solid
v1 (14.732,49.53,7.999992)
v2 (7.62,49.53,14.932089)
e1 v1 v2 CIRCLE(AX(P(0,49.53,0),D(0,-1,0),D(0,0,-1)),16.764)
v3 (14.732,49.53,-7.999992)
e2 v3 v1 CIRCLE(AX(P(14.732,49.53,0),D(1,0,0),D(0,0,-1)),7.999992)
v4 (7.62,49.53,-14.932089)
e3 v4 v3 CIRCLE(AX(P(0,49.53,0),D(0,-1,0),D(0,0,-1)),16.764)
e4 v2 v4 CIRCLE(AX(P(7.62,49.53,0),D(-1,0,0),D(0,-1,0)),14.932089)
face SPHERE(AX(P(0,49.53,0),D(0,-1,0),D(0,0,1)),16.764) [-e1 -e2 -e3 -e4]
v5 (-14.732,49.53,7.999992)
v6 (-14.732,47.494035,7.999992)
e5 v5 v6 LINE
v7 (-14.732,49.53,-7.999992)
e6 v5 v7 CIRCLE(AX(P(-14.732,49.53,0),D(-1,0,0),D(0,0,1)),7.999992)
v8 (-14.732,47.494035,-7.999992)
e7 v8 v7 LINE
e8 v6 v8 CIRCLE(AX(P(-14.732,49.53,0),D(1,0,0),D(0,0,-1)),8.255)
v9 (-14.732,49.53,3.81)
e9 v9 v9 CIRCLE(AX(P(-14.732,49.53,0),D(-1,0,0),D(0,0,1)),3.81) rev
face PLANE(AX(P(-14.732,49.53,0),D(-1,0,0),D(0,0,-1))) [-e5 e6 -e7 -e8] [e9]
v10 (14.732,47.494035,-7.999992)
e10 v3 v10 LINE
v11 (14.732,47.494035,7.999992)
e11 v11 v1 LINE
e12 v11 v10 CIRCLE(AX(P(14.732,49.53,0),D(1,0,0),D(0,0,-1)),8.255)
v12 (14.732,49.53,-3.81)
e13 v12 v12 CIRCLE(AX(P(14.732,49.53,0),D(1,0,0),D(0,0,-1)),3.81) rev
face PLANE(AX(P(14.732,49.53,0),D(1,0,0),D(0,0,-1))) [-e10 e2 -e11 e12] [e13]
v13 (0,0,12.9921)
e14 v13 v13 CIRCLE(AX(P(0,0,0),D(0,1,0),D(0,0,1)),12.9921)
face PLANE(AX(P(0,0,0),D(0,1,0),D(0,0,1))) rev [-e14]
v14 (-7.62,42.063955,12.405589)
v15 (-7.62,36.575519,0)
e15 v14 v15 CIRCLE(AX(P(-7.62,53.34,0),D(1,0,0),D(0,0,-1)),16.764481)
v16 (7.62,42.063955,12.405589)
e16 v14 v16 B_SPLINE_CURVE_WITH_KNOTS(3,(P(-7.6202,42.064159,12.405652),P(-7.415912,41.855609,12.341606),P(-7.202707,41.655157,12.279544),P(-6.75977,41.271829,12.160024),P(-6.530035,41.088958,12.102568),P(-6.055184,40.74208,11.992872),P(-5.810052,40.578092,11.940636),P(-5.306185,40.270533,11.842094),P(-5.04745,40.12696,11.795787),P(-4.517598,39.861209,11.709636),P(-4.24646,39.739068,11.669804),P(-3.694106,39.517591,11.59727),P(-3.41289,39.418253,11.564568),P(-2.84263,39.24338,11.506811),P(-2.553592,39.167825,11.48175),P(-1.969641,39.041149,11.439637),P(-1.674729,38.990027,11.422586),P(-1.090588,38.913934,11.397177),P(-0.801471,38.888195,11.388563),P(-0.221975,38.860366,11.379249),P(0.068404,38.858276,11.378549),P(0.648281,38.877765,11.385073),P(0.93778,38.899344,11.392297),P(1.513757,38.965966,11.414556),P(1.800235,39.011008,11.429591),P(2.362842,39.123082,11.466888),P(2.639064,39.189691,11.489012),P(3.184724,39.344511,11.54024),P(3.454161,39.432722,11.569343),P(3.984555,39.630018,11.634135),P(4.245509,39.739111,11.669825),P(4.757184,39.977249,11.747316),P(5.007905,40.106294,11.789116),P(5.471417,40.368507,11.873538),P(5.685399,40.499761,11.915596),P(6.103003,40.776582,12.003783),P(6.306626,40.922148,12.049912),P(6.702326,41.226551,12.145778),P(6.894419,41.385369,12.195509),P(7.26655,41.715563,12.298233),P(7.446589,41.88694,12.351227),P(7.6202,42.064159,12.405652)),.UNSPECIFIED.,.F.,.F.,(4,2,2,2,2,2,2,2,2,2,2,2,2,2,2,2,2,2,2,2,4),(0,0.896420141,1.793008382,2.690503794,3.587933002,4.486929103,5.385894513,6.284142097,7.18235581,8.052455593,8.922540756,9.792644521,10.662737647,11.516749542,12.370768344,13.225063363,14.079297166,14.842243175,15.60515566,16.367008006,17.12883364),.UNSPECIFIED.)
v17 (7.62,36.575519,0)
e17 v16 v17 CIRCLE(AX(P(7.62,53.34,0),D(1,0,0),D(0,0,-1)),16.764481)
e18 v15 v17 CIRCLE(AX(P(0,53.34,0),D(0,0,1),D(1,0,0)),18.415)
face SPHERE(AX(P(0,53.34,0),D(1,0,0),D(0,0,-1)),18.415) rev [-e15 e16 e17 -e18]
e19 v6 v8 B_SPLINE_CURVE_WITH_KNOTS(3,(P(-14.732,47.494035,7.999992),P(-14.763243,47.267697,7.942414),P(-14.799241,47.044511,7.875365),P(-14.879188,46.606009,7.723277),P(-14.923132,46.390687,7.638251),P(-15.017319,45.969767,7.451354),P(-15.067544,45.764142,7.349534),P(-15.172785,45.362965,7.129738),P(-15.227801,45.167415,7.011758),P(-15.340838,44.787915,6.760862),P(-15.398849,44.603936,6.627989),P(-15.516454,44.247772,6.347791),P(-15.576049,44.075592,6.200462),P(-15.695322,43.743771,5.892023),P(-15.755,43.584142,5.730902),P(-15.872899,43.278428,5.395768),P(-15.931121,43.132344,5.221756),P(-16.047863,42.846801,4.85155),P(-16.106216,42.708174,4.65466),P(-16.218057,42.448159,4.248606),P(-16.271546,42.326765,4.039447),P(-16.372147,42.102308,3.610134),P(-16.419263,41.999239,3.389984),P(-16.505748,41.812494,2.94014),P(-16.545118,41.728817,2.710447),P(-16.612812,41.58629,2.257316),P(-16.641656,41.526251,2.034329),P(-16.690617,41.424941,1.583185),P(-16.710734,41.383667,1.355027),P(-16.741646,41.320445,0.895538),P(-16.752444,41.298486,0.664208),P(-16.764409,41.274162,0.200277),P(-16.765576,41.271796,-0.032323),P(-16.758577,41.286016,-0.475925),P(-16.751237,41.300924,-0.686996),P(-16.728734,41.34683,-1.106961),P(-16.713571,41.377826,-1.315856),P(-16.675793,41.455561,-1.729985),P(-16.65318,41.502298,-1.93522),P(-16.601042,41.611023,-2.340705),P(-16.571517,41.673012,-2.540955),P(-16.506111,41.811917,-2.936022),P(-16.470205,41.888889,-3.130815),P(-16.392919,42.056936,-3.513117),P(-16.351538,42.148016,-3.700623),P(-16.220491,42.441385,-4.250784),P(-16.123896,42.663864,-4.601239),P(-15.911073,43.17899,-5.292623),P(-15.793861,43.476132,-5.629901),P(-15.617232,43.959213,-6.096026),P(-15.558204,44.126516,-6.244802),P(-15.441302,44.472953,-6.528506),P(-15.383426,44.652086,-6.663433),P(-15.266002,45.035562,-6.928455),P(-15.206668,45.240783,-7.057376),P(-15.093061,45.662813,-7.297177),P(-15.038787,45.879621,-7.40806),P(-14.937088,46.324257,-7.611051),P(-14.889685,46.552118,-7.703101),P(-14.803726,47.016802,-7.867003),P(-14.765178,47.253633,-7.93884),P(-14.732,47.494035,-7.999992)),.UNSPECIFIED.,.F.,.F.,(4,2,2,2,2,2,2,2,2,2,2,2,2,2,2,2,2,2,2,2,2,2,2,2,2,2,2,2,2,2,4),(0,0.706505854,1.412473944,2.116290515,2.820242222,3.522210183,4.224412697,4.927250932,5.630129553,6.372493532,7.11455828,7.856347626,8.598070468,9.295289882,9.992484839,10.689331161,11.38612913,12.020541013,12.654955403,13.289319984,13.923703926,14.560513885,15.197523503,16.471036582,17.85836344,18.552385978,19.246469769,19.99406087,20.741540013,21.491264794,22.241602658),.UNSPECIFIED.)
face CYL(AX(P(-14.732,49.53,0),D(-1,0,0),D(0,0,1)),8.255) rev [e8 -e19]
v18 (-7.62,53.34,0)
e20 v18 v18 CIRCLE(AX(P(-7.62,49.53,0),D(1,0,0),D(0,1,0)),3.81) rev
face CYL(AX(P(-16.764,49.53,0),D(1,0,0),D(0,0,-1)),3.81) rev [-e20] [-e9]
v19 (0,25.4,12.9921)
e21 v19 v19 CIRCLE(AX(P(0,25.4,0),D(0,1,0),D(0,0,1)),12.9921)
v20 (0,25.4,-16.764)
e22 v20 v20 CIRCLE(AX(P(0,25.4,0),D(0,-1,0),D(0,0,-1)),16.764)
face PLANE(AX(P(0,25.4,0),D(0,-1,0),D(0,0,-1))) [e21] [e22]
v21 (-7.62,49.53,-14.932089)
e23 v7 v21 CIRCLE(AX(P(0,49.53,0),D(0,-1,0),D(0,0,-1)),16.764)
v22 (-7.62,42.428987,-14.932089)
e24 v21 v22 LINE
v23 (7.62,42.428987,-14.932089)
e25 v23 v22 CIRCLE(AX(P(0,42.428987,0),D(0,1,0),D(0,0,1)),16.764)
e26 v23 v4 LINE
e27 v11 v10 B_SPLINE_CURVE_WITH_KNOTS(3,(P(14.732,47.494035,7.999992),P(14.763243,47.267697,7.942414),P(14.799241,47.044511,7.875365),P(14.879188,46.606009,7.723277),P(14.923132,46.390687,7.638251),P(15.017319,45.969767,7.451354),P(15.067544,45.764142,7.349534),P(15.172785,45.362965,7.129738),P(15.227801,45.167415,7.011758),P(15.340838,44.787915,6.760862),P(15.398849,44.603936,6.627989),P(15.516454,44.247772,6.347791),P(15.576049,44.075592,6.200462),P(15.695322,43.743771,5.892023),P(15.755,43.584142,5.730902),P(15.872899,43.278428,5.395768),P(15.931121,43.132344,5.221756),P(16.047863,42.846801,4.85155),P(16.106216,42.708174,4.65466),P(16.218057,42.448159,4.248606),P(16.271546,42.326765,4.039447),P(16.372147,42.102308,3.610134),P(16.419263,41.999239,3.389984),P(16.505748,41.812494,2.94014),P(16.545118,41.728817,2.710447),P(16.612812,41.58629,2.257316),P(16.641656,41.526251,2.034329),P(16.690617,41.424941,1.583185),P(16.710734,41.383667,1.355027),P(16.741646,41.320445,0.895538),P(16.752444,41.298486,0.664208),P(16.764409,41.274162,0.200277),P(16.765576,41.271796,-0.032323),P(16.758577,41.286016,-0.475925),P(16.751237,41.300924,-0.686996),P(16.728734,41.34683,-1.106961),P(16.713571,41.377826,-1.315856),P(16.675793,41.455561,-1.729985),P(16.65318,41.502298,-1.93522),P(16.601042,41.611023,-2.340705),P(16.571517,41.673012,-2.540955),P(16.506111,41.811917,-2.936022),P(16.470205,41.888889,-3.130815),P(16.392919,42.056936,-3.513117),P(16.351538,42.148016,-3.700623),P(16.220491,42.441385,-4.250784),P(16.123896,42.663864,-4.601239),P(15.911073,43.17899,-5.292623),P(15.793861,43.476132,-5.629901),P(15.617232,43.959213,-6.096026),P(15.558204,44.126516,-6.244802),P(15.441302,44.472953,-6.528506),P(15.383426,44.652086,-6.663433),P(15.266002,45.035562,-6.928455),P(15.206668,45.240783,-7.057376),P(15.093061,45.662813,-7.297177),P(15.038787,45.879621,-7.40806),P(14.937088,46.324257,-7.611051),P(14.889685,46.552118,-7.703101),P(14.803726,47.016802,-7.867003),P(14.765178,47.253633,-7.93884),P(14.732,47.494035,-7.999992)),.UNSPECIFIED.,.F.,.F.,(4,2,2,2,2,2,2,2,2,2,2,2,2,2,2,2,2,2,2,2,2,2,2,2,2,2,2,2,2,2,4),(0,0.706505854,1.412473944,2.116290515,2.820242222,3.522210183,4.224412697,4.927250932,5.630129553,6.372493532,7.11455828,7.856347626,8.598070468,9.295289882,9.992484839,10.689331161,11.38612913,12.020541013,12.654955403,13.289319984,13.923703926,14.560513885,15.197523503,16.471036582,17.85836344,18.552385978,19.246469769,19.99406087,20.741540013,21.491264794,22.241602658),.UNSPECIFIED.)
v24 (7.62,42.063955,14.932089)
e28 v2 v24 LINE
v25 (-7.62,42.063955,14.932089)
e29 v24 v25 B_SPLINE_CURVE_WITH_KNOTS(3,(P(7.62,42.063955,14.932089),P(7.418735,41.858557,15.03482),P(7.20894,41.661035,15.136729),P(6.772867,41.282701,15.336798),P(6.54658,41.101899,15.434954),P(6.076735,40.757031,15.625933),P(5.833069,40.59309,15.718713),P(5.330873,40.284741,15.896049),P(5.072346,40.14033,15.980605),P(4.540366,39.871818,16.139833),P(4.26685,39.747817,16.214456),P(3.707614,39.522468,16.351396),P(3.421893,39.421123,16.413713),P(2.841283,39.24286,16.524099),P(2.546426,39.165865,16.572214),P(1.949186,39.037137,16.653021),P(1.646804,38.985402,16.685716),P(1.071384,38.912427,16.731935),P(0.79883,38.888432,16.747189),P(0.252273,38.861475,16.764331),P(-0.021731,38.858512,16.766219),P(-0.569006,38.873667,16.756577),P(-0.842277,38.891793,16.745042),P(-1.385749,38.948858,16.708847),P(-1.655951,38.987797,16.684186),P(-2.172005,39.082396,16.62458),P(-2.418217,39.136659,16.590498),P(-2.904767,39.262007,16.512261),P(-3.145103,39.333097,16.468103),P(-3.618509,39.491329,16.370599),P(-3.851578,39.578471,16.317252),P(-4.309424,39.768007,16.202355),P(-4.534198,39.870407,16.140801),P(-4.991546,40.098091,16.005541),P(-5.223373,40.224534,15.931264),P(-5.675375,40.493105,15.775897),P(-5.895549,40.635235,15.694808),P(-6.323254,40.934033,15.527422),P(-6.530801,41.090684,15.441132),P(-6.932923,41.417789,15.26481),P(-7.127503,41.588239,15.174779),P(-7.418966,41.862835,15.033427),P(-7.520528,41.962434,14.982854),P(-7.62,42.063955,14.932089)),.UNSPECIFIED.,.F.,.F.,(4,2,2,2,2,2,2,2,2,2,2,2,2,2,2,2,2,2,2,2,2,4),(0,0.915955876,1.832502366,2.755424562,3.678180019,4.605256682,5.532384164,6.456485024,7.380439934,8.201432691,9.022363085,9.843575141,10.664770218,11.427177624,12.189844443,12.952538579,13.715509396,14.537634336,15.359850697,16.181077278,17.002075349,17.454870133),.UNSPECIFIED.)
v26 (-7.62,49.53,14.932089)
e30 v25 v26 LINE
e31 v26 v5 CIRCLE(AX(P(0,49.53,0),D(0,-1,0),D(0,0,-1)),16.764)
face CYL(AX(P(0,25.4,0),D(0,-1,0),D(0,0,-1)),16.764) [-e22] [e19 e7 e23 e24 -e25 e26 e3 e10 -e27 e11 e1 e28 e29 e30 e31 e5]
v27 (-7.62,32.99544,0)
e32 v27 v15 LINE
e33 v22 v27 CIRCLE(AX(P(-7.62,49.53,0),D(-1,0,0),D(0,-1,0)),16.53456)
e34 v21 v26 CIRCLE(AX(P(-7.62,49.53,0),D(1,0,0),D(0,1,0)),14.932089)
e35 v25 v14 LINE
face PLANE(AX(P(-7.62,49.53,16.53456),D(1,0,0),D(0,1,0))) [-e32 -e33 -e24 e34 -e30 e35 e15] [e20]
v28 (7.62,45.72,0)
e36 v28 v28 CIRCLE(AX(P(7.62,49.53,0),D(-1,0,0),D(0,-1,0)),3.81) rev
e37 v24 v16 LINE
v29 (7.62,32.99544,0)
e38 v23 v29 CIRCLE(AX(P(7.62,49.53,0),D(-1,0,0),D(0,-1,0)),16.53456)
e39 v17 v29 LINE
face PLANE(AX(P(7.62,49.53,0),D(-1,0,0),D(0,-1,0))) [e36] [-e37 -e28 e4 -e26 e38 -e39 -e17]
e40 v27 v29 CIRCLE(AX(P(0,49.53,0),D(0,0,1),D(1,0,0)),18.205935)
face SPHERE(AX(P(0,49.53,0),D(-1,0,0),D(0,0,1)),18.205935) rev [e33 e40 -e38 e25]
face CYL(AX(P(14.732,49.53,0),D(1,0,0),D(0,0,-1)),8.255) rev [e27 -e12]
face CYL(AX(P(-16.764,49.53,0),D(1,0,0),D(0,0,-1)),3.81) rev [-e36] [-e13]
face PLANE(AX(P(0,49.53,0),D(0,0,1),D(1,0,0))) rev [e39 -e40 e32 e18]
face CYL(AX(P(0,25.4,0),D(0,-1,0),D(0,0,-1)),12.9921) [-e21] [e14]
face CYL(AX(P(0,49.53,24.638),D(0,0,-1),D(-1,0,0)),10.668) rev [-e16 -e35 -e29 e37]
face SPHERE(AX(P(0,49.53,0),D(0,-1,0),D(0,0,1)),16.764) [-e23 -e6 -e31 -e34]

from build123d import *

# Parameters (mm, degrees)
SKETCH1_R               = 12.9921
BOSS_EXTRUDE1_DEPTH     = 25.4
CUT_EXTRUDE1_DEPTH      = 71.405666164
CUT_EXTRUDE1_DEPTH_BACK = 71.405666164
SKETCH3_R               = 3.81
CUT_REVOLVE1_ANGLE      = 270
CUT_REVOLVE2_ANGLE      = 270
SKETCH6_R               = 8.255
CUT_EXTRUDE2_DEPTH      = 2.032
CUT_EXTRUDE3_DEPTH      = 24.638


with BuildPart() as part:
    # Sketch1 → Boss-Extrude1 (new body)
    with BuildSketch(Plane(origin=(0, 0, 0), x_dir=(1, 0, 0), z_dir=(0, 1, 0))):
        with Locations(Location((0, 0, 0), (0, 0, 270))):
            Circle(SKETCH1_R)
    extrude(amount=BOSS_EXTRUDE1_DEPTH)

    # Sketch2 → Revolve1 (revolve)
    with BuildSketch(Plane(origin=(0, 0, 0), x_dir=(0, 0, -1), z_dir=(1, 0, 0))):
        with BuildLine():
            Line((-16.764, 25.4), (-16.764, 49.53))
            ThreePointArc((-16.764, 49.53), (-11.85393808, 61.38393808), (0, 66.294))
            Line((0, 66.294), (0, 25.4))
            Line((0, 25.4), (-16.764, 25.4))
        make_face()
    revolve(axis=Axis((0, 25.4, 0), (0, 1, 0)))

    # Sketch3 → Cut-Extrude1 (cut, two sides: drawn at the far end of the back side and taken through both)
    with BuildSketch(Plane(origin=(0, 0, 0), x_dir=(0, 0, -1), z_dir=(1, 0, 0)).offset(-CUT_EXTRUDE1_DEPTH_BACK)):
        with Locations((0, 49.53)):
            Circle(SKETCH3_R)
    extrude(amount=CUT_EXTRUDE1_DEPTH + CUT_EXTRUDE1_DEPTH_BACK, mode=Mode.SUBTRACT)

    # Sketch4 → Cut-Revolve1 (revolve, cut)
    with BuildSketch(Plane.XY):
        with BuildLine():
            Line((-7.62, 32.995439638), (-7.62, 49.53))
            Line((-7.62, 49.53), (7.62, 49.53))
            Line((7.62, 49.53), (7.62, 32.995439638))
            ThreePointArc((7.62, 32.995439638), (0, 31.32406453), (-7.62, 32.995439638))
        make_face()
    revolve(axis=Axis((-7.62, 49.53, 0), (1, 0, 0)), revolution_arc=CUT_REVOLVE1_ANGLE, mode=Mode.SUBTRACT)

    # Sketch5 → Cut-Revolve2 (revolve, cut)
    with BuildSketch(Plane.XY):
        with BuildLine():
            Line((7.62, 53.34), (-7.62, 53.34))
            Line((-7.62, 53.34), (-7.62, 36.575518946))
            ThreePointArc((-7.62, 36.575518946), (0, 34.925), (7.62, 36.575518946))
            Line((7.62, 36.575518946), (7.62, 53.34))
        make_face()
    revolve(axis=Axis((7.62, 53.34, 0), (-1, 0, 0)), revolution_arc=CUT_REVOLVE2_ANGLE, mode=Mode.SUBTRACT)

    # Sketch6 → Cut-Extrude2 (cut)
    with BuildSketch(Plane(origin=(16.764, 0, 0), x_dir=(0, 0, -1), z_dir=(1, 0, 0))):
        with Locations((0, 49.53)):
            Circle(SKETCH6_R)
    cut_extrude2 = extrude(amount=-CUT_EXTRUDE2_DEPTH, mode=Mode.SUBTRACT)

    # Mirror1: Cut-Extrude2 across plane
    add(cut_extrude2.mirror(Plane(origin=(0, 0, 0), x_dir=(0, 0, 1), z_dir=(1, 0, 0))), mode=Mode.SUBTRACT)

    # Sketch7 → Cut-Extrude3 (cut)
    with BuildSketch(Plane.XY):
        with BuildLine():
            Line((-7.62, 49.53), (-7.62, 42.063955264))
            ThreePointArc((-7.62, 42.063955264), (0, 38.862), (7.62, 42.063955264))
            Line((7.62, 42.063955264), (7.62, 49.53))
            Line((7.62, 49.53), (-7.62, 49.53))
        make_face()
    extrude(amount=CUT_EXTRUDE3_DEPTH, mode=Mode.SUBTRACT)


solid = part.part
